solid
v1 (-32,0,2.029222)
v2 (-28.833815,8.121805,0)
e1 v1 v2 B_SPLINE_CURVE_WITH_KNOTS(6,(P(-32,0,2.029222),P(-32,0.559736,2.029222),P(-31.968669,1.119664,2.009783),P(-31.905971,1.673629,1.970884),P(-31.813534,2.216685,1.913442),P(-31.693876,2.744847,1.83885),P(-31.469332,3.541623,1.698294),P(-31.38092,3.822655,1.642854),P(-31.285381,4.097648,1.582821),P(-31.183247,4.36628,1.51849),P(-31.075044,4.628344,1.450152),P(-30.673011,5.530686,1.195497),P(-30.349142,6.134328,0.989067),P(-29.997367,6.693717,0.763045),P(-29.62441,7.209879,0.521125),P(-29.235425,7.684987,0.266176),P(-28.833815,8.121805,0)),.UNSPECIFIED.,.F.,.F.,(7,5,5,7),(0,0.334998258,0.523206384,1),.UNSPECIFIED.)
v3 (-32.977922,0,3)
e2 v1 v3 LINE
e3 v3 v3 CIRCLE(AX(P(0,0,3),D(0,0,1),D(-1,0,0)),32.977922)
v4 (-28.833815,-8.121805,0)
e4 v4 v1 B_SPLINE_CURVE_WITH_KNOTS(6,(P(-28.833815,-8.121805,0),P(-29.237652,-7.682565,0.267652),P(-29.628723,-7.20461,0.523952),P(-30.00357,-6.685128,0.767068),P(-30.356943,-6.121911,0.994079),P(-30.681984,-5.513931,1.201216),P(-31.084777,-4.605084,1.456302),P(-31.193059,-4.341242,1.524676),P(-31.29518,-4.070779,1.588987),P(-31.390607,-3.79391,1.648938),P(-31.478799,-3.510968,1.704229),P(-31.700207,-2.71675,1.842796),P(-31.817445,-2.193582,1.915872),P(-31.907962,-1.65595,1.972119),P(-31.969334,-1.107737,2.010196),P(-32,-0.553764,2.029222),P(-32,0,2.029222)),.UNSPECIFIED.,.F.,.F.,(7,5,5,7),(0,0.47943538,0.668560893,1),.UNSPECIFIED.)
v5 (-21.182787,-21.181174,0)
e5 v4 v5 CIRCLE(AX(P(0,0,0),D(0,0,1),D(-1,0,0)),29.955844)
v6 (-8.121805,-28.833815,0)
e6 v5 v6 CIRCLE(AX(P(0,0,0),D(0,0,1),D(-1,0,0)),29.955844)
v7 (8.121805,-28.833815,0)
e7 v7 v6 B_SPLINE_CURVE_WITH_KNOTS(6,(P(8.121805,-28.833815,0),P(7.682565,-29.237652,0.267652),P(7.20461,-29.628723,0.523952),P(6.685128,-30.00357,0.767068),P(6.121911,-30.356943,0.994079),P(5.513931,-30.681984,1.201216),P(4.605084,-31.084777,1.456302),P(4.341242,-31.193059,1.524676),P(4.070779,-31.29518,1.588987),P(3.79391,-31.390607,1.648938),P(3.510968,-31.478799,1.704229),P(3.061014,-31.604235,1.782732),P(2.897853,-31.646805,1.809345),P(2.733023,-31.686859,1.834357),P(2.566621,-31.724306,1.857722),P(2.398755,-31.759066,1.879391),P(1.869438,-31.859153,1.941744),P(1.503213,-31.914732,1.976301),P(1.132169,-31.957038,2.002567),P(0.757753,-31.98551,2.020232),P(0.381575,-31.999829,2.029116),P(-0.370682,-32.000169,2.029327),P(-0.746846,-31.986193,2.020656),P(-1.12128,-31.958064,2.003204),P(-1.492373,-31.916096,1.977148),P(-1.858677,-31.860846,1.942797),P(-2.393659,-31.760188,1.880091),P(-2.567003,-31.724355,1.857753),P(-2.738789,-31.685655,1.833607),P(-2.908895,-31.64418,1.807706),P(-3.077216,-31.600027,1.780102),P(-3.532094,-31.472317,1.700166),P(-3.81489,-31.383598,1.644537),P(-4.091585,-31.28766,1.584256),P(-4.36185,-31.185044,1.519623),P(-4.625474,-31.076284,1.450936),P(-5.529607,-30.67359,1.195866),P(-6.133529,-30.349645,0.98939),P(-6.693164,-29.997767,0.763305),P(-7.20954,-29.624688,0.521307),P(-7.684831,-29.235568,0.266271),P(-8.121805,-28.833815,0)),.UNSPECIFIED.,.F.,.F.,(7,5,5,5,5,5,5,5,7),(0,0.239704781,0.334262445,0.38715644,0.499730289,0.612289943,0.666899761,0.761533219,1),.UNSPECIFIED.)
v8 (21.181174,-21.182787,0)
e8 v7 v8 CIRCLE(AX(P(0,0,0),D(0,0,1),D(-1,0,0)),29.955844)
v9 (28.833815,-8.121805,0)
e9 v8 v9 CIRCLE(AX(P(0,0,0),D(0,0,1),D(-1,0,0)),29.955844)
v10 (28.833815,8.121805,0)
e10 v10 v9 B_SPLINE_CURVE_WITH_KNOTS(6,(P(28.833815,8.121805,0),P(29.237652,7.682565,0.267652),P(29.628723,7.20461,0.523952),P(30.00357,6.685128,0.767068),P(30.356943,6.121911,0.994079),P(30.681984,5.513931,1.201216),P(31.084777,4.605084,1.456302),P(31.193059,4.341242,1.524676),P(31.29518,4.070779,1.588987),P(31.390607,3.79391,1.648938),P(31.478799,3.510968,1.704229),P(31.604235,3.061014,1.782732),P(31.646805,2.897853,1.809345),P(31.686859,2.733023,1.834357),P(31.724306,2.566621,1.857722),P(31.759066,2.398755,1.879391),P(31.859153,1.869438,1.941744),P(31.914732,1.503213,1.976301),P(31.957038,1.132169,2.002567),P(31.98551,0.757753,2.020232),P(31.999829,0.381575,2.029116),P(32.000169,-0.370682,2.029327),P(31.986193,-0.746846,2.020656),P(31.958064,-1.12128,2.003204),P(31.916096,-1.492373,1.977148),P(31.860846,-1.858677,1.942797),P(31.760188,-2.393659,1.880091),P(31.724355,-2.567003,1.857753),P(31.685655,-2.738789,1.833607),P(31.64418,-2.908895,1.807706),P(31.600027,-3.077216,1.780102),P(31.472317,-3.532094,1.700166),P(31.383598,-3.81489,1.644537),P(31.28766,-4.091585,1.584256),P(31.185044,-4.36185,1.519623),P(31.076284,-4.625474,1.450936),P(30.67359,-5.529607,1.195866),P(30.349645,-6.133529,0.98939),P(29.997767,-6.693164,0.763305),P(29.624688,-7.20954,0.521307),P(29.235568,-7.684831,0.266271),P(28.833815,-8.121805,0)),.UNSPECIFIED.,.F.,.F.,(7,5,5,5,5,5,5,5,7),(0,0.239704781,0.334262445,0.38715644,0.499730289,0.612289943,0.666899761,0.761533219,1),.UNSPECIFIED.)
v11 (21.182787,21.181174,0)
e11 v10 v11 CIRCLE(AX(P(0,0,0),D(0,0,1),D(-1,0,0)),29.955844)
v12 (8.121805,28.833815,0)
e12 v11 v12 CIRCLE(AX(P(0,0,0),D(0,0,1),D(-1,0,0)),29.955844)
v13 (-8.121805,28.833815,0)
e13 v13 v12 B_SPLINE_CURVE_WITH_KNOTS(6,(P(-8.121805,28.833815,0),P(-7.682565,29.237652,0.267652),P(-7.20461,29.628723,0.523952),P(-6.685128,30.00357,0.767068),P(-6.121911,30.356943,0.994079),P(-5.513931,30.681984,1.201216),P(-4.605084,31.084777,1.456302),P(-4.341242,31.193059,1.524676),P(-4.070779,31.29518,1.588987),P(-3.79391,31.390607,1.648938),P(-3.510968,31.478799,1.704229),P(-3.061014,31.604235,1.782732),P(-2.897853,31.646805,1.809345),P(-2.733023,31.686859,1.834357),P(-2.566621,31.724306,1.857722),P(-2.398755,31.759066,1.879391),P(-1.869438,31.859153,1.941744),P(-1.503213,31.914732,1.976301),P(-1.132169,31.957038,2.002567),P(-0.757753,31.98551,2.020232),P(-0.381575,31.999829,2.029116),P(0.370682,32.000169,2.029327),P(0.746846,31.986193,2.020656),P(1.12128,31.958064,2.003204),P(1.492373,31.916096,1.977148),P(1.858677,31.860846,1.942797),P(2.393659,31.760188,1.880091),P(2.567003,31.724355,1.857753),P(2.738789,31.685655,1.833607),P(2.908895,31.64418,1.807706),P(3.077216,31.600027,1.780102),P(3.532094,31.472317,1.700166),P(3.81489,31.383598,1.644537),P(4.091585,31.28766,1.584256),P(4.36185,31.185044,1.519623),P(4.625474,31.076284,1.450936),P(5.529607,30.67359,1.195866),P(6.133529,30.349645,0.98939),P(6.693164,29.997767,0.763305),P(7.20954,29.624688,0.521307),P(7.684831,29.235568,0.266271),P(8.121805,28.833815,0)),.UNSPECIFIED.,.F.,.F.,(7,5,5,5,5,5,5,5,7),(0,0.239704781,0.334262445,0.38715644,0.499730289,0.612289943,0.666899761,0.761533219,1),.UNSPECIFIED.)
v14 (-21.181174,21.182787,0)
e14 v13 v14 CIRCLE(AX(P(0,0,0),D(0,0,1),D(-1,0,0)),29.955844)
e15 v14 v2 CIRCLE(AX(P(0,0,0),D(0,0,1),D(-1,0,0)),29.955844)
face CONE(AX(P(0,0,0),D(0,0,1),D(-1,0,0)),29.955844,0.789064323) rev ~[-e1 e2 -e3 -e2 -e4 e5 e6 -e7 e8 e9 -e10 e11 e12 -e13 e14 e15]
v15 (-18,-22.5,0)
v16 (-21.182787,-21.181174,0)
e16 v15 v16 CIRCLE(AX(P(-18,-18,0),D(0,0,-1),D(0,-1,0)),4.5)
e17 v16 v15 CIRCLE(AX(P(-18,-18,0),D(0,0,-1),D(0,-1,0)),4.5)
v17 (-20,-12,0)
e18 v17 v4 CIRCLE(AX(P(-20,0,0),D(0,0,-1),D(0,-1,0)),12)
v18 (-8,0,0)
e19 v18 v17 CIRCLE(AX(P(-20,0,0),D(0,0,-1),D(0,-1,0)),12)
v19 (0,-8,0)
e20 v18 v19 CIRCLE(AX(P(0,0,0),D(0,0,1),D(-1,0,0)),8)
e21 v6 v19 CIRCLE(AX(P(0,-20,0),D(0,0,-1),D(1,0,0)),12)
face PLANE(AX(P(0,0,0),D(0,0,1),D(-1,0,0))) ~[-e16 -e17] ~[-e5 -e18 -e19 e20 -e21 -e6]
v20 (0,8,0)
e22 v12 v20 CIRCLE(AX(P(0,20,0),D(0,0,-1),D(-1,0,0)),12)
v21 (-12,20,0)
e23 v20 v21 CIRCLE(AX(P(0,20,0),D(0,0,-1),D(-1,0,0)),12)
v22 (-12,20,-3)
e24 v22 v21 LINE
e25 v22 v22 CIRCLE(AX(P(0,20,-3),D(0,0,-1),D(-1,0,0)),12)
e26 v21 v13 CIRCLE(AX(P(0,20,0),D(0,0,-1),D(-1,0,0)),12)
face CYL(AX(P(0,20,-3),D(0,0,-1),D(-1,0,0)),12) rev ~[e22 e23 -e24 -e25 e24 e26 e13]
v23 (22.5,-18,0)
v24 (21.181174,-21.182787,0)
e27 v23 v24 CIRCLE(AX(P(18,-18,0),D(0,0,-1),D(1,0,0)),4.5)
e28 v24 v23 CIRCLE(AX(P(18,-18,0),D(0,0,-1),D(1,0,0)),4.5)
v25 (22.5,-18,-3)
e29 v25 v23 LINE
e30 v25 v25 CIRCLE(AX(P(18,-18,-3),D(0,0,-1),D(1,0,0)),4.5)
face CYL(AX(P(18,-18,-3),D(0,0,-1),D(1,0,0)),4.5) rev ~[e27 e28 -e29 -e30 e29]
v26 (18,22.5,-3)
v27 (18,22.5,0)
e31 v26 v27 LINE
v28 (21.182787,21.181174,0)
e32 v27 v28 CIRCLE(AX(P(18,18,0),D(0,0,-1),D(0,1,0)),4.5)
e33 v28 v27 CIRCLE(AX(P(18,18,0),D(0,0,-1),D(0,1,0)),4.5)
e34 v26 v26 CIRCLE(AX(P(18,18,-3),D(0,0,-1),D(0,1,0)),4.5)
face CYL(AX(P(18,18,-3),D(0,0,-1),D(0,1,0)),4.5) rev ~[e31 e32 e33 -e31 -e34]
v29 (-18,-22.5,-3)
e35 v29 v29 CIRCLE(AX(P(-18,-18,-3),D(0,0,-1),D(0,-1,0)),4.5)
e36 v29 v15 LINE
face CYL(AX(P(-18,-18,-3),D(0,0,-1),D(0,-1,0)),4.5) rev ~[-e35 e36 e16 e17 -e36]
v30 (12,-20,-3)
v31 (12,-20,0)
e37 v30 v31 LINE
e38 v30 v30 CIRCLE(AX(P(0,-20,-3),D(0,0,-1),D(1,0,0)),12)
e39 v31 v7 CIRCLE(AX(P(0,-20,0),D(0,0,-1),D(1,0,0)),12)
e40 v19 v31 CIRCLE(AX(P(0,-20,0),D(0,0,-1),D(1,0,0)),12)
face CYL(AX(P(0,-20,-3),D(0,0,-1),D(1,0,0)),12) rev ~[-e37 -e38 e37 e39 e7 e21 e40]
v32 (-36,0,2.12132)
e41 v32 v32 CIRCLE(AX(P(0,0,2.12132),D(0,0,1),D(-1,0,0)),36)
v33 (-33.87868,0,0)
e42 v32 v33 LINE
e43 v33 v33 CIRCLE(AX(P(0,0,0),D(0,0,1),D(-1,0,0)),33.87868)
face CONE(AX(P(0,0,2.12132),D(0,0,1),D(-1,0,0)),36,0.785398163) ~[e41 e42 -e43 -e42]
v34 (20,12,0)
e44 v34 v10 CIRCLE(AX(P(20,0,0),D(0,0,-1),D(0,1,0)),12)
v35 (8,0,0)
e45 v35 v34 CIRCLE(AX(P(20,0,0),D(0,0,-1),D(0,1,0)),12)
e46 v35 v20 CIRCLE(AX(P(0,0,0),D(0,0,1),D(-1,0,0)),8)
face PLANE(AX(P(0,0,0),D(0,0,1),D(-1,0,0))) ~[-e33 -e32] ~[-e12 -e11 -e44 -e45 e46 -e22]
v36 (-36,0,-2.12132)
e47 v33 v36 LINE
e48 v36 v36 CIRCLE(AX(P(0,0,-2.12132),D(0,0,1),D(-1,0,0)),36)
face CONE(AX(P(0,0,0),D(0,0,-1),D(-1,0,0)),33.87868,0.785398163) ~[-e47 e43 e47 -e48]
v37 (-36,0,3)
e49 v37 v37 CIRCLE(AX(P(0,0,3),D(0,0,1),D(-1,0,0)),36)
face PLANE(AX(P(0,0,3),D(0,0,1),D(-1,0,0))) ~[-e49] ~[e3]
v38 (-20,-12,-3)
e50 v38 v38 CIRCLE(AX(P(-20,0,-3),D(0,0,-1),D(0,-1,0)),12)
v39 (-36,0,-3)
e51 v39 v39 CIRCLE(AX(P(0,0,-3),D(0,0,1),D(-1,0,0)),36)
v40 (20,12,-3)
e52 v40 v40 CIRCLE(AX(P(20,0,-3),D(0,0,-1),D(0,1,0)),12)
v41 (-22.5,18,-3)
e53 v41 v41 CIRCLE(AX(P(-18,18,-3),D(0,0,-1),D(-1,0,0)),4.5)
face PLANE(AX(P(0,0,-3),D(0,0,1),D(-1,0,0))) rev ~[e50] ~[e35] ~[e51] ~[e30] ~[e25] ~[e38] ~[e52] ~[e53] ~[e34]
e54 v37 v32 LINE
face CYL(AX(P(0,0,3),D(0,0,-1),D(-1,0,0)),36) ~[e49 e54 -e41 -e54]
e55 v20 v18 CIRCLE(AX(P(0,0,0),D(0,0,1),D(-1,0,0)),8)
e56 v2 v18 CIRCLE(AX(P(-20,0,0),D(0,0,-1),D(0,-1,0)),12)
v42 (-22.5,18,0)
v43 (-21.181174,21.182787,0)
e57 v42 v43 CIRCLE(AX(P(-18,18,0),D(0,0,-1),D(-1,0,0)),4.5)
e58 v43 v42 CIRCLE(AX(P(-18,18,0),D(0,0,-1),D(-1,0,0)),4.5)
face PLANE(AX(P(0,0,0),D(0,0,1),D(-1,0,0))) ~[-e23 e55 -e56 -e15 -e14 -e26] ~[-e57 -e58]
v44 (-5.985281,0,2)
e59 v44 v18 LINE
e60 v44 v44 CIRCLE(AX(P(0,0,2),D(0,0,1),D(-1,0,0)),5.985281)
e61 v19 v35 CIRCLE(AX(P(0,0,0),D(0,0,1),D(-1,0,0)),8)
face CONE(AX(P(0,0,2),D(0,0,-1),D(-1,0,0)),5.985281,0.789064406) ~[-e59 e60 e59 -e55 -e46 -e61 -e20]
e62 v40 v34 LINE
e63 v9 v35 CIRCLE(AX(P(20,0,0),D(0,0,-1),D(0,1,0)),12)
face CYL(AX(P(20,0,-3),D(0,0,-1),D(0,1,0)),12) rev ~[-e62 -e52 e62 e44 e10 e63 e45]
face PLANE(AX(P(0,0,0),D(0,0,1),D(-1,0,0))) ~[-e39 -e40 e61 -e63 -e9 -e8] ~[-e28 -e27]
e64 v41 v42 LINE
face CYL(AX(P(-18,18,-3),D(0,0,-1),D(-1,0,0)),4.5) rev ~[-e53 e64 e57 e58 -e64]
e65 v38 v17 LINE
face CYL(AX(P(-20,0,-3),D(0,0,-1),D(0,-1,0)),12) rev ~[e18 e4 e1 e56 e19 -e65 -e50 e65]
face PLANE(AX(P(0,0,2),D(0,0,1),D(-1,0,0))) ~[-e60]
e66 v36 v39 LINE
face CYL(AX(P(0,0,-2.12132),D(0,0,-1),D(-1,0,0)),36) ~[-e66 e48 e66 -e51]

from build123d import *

# Parameters (mm, degrees)
SKETCH001_R           = 12
SKETCH001_R_2         = 4.5
POCKET_DEPTH          = 210.001
POLARPATTERN001_COUNT = 4


with BuildPart() as part:
    # Sketch → Revolution (revolve)
    with BuildSketch(Plane.XZ):
        Polygon((0, 2), (-5.985281, 2), (-8, 0), (-29.955844, 0), (-32.977922, 3), (-36, 3), (-36, 2.12132), (-33.87868, 0), (-36, -2.12132), (-36, -3), (0, -3), align=None)
    revolve(axis=Axis((0, 0, 0), (0, 0, 1)))

    # Sketch001 → Pocket (cut, through all)
    with BuildSketch(Plane(origin=(0, 0, -3), x_dir=(1, 0, 0), z_dir=(0, 0, -1))):
        with Locations((0, 20)):
            Circle(SKETCH001_R)
        with Locations((18, 18)):
            Circle(SKETCH001_R_2)
    pocket = extrude(amount=-POCKET_DEPTH, mode=Mode.SUBTRACT)

    # PolarPattern001: Pocket ×4 about axis
    polarpattern001_axis = Axis((0, 0, -3), (0, 0, -1))
    for i in range(1, POLARPATTERN001_COUNT):
        add(pocket.rotate(polarpattern001_axis, i * 360 / POLARPATTERN001_COUNT), mode=Mode.SUBTRACT)


solid = part.part
